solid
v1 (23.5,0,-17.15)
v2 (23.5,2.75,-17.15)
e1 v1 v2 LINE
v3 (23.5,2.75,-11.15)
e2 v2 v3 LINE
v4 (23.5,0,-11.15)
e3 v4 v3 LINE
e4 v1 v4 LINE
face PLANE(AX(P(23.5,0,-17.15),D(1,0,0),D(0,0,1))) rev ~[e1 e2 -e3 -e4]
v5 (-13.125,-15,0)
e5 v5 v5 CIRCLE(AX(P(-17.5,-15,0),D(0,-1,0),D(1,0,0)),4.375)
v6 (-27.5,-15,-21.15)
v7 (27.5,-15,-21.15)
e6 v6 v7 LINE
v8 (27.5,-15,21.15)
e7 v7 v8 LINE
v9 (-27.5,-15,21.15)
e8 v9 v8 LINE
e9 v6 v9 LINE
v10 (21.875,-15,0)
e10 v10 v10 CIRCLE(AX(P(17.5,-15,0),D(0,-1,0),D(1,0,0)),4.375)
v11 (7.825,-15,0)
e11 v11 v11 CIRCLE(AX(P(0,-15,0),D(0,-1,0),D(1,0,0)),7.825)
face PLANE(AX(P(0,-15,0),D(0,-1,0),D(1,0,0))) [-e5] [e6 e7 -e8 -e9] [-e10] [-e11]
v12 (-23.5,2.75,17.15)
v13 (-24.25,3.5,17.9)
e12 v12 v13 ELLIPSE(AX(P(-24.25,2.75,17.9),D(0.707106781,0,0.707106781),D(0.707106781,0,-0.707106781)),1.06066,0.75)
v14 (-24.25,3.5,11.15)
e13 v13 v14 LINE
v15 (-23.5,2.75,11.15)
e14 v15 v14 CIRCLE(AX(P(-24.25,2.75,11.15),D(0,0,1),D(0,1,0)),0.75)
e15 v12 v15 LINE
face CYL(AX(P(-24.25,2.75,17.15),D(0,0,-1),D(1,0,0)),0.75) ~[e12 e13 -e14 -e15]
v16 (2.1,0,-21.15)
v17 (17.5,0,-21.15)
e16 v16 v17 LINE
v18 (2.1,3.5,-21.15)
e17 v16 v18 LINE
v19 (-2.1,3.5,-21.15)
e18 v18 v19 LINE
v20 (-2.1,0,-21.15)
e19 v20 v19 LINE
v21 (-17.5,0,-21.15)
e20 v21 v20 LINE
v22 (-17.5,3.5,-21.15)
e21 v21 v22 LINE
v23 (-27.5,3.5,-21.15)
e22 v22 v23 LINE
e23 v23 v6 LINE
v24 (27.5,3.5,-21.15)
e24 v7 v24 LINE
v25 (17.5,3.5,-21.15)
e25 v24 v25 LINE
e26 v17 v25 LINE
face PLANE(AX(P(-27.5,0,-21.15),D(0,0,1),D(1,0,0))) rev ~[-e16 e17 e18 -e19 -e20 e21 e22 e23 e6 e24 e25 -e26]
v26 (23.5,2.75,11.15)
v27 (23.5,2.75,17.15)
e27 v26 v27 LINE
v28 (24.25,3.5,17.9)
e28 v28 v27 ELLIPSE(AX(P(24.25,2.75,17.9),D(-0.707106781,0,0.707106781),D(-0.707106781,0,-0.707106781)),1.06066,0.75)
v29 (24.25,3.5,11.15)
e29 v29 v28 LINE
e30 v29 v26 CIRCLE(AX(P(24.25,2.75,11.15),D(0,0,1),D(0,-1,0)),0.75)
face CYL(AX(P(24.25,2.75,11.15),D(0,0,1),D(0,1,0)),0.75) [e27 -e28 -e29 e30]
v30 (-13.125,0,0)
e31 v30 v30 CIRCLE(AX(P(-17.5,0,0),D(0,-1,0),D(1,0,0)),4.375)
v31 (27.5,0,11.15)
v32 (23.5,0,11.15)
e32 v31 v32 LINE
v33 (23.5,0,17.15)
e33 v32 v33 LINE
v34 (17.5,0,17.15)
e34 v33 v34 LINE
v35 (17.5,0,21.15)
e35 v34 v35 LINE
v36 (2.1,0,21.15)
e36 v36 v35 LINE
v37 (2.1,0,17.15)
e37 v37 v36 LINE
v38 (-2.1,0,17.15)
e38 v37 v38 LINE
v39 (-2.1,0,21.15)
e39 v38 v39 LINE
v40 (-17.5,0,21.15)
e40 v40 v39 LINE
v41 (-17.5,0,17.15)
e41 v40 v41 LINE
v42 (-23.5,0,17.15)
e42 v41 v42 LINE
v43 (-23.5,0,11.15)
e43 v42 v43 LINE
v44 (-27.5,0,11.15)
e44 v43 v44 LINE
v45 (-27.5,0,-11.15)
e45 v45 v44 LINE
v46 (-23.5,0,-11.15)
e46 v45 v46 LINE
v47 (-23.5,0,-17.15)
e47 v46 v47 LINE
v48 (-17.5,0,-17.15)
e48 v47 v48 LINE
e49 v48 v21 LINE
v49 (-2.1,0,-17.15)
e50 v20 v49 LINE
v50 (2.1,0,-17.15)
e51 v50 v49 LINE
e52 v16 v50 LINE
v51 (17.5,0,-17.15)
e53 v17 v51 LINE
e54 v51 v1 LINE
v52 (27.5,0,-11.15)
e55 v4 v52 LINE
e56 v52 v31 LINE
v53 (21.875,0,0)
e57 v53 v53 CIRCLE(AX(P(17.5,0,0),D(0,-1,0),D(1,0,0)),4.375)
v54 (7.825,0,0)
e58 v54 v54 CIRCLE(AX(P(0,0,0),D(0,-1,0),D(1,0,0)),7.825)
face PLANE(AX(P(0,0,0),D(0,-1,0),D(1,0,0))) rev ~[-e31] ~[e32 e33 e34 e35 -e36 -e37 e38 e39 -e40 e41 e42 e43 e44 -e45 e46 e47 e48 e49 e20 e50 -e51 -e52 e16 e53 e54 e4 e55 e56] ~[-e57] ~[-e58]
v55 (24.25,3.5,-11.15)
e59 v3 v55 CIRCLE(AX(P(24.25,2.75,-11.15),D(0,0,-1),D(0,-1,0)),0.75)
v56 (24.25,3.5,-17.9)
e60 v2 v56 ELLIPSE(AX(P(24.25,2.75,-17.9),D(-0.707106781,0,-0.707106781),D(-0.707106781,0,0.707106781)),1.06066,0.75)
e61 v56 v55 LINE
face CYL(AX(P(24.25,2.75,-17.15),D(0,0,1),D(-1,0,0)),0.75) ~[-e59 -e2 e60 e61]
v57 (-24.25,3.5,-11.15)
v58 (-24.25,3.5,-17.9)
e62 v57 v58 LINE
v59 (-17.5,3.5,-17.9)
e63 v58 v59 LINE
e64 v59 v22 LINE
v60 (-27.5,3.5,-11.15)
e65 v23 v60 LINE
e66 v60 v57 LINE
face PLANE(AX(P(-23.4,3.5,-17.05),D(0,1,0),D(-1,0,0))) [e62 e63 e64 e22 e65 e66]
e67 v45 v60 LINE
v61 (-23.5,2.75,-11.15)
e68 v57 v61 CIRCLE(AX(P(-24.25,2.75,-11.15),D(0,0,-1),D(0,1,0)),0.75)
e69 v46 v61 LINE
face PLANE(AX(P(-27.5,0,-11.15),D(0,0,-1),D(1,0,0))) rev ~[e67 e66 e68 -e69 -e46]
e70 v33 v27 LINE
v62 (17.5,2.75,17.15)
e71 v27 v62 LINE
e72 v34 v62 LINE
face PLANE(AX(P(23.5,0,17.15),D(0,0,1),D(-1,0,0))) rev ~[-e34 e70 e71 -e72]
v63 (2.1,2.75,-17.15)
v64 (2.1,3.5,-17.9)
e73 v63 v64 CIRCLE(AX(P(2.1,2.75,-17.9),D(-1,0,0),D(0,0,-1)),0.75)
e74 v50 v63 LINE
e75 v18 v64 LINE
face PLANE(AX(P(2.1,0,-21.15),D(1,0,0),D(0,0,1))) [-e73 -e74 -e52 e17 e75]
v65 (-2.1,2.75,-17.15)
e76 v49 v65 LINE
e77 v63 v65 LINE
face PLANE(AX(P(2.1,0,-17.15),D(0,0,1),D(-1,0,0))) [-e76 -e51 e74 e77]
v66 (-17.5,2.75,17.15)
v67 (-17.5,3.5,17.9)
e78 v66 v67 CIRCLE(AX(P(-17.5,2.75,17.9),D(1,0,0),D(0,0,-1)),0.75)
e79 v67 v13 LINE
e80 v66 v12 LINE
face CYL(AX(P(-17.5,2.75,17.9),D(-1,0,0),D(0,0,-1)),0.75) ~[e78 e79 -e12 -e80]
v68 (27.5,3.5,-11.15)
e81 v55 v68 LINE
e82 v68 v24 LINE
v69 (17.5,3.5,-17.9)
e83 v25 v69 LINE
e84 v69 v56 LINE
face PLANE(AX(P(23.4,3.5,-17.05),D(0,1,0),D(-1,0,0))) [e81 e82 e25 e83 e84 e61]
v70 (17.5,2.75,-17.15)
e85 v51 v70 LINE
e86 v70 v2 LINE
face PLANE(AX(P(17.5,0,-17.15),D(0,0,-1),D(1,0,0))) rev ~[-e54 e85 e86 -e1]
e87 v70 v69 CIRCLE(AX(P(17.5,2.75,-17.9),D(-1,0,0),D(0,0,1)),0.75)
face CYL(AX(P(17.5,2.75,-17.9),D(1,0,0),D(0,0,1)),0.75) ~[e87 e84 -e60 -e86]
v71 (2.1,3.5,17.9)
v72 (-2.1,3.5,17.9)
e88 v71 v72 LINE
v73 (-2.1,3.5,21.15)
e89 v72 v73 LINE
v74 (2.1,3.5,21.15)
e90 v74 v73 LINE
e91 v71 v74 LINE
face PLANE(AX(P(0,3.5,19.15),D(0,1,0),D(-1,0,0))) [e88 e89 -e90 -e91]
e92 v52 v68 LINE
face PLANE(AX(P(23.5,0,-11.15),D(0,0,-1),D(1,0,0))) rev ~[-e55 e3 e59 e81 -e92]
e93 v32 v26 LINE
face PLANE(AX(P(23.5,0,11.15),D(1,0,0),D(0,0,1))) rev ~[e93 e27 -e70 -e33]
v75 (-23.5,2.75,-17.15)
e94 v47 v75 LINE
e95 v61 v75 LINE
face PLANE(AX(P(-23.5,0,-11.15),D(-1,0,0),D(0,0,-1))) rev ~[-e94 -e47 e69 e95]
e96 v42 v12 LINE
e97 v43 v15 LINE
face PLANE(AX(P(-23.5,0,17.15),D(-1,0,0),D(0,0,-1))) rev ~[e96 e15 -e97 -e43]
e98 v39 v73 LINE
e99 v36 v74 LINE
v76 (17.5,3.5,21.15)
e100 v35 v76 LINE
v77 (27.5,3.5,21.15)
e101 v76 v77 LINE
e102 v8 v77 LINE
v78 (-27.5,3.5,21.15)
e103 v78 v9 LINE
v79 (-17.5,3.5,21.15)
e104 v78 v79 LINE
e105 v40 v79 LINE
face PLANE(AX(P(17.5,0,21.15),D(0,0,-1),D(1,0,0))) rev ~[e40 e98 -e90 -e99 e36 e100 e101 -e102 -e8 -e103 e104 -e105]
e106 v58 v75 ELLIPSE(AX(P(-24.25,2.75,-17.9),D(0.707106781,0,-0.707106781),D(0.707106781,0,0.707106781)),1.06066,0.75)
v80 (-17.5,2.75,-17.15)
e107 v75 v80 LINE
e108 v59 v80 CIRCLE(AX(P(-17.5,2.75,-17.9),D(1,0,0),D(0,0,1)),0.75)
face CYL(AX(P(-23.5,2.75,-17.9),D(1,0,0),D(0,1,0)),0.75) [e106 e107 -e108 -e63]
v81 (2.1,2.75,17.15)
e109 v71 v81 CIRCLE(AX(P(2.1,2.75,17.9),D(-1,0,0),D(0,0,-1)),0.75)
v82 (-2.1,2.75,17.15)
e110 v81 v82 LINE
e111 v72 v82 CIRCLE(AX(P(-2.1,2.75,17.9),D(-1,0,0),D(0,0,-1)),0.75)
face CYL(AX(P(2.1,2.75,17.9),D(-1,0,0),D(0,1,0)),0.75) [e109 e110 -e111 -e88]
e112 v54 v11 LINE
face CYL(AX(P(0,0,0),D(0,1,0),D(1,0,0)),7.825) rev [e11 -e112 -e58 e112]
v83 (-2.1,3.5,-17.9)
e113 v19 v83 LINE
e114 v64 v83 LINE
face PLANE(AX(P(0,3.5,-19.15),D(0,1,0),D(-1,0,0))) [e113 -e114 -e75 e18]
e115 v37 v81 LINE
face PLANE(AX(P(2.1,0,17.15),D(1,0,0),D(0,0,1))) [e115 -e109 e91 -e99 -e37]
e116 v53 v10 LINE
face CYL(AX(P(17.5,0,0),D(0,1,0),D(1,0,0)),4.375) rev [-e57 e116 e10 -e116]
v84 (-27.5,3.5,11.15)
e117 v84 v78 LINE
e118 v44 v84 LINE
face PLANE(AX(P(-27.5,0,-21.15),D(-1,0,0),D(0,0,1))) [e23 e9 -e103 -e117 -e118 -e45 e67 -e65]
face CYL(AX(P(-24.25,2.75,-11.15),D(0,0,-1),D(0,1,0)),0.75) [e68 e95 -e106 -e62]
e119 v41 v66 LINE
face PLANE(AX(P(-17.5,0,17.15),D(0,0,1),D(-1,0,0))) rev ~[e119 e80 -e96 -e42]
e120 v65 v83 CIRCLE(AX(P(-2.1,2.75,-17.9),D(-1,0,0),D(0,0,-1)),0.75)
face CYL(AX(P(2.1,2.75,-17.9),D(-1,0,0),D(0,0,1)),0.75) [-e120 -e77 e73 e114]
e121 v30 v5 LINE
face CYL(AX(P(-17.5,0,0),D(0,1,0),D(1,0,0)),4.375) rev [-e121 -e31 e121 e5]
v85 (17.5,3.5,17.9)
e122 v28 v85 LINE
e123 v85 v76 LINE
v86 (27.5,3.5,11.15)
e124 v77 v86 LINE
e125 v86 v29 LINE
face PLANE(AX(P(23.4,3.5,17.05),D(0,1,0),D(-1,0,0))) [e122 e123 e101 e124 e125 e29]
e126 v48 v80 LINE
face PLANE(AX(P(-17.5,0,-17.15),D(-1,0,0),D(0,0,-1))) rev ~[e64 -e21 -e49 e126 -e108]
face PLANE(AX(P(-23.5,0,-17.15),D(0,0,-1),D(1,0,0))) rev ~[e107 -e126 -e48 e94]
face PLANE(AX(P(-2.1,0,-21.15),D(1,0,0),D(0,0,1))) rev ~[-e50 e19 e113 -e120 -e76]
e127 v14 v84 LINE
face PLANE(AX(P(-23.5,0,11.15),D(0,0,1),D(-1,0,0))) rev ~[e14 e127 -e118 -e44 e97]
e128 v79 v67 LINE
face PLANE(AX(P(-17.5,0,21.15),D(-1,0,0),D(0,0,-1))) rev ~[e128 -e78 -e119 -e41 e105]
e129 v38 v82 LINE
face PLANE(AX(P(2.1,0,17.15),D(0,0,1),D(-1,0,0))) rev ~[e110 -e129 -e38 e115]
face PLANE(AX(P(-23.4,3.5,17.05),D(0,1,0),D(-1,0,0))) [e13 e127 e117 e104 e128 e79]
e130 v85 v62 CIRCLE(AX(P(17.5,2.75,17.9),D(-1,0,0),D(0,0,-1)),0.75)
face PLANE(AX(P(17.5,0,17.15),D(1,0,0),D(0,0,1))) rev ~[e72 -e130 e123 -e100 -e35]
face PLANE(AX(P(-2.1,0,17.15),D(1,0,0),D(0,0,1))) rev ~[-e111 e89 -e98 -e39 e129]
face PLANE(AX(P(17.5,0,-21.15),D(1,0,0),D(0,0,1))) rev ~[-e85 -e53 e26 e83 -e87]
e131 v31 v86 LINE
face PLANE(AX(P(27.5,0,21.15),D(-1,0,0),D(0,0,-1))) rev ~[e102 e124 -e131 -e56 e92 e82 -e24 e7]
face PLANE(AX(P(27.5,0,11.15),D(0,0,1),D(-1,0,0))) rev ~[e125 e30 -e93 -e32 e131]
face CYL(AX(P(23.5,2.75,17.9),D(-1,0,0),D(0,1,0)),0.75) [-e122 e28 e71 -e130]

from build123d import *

# Parameters (mm, degrees)
F0_W     = 55
F0_H     = 42.3
F0_R     = 4.375
F0_R_2   = 7.825
F1_DEPTH = 15
F2_W     = 4.2
F2_H     = 4
F3_DEPTH = 3.5
F4_R     = 0.75


with BuildPart() as f1:
    # F0 (on Front) → F1 (new body)
    with BuildSketch(Plane.XZ):
        Rectangle(F0_W, F0_H)
        with Locations((-17.5, 0)):
            Circle(F0_R, mode=Mode.SUBTRACT)
        Circle(F0_R_2, mode=Mode.SUBTRACT)
        with Locations((17.5, 0)):
            Circle(F0_R, mode=Mode.SUBTRACT)
    extrude(amount=F1_DEPTH)

    # F2 (on face) → F3 (join)
    with BuildSketch(Plane(origin=(0, 0, 0), x_dir=(-1, 0, 0), z_dir=(0, 1, 0))):
        with Locations((0, 19.15)):
            Rectangle(F2_W, F2_H)
        with Locations((0, -19.15)):
            Rectangle(F2_W, F2_H)
        Polygon((-17.5, 17.15), (-17.5, 21.15), (-27.5, 21.15), (-27.5, 11.15), (-23.5, 11.15), (-23.5, 17.15), align=None)
        Polygon((-23.5, -11.15), (-27.5, -11.15), (-27.5, -21.15), (-17.5, -21.15), (-17.5, -17.15), (-23.5, -17.15), align=None)
        Polygon((27.5, 21.15), (17.5, 21.15), (17.5, 17.15), (23.5, 17.15), (23.5, 11.15), (27.5, 11.15), align=None)
        Polygon((27.5, -21.15), (27.5, -11.15), (23.5, -11.15), (23.5, -17.15), (17.5, -17.15), (17.5, -21.15), align=None)
    extrude(amount=F3_DEPTH)

    # F4
    f4_edges = [f1.edges().sort_by_distance(p)[0] for p in [
        (0, 3.5, -17.15),
        (0, 3.5, 17.15),
        (20.5, 3.5, 17.15),
        (23.5, 3.5, 14.15),
        (23.5, 3.5, -14.15),
        (20.5, 3.5, -17.15),
        (-20.5, 3.5, -17.15),
        (-23.5, 3.5, -14.15),
        (-23.5, 3.5, 14.15),
        (-20.5, 3.5, 17.15),
    ]]
    fillet(f4_edges, radius=F4_R)


solid = f1.part
